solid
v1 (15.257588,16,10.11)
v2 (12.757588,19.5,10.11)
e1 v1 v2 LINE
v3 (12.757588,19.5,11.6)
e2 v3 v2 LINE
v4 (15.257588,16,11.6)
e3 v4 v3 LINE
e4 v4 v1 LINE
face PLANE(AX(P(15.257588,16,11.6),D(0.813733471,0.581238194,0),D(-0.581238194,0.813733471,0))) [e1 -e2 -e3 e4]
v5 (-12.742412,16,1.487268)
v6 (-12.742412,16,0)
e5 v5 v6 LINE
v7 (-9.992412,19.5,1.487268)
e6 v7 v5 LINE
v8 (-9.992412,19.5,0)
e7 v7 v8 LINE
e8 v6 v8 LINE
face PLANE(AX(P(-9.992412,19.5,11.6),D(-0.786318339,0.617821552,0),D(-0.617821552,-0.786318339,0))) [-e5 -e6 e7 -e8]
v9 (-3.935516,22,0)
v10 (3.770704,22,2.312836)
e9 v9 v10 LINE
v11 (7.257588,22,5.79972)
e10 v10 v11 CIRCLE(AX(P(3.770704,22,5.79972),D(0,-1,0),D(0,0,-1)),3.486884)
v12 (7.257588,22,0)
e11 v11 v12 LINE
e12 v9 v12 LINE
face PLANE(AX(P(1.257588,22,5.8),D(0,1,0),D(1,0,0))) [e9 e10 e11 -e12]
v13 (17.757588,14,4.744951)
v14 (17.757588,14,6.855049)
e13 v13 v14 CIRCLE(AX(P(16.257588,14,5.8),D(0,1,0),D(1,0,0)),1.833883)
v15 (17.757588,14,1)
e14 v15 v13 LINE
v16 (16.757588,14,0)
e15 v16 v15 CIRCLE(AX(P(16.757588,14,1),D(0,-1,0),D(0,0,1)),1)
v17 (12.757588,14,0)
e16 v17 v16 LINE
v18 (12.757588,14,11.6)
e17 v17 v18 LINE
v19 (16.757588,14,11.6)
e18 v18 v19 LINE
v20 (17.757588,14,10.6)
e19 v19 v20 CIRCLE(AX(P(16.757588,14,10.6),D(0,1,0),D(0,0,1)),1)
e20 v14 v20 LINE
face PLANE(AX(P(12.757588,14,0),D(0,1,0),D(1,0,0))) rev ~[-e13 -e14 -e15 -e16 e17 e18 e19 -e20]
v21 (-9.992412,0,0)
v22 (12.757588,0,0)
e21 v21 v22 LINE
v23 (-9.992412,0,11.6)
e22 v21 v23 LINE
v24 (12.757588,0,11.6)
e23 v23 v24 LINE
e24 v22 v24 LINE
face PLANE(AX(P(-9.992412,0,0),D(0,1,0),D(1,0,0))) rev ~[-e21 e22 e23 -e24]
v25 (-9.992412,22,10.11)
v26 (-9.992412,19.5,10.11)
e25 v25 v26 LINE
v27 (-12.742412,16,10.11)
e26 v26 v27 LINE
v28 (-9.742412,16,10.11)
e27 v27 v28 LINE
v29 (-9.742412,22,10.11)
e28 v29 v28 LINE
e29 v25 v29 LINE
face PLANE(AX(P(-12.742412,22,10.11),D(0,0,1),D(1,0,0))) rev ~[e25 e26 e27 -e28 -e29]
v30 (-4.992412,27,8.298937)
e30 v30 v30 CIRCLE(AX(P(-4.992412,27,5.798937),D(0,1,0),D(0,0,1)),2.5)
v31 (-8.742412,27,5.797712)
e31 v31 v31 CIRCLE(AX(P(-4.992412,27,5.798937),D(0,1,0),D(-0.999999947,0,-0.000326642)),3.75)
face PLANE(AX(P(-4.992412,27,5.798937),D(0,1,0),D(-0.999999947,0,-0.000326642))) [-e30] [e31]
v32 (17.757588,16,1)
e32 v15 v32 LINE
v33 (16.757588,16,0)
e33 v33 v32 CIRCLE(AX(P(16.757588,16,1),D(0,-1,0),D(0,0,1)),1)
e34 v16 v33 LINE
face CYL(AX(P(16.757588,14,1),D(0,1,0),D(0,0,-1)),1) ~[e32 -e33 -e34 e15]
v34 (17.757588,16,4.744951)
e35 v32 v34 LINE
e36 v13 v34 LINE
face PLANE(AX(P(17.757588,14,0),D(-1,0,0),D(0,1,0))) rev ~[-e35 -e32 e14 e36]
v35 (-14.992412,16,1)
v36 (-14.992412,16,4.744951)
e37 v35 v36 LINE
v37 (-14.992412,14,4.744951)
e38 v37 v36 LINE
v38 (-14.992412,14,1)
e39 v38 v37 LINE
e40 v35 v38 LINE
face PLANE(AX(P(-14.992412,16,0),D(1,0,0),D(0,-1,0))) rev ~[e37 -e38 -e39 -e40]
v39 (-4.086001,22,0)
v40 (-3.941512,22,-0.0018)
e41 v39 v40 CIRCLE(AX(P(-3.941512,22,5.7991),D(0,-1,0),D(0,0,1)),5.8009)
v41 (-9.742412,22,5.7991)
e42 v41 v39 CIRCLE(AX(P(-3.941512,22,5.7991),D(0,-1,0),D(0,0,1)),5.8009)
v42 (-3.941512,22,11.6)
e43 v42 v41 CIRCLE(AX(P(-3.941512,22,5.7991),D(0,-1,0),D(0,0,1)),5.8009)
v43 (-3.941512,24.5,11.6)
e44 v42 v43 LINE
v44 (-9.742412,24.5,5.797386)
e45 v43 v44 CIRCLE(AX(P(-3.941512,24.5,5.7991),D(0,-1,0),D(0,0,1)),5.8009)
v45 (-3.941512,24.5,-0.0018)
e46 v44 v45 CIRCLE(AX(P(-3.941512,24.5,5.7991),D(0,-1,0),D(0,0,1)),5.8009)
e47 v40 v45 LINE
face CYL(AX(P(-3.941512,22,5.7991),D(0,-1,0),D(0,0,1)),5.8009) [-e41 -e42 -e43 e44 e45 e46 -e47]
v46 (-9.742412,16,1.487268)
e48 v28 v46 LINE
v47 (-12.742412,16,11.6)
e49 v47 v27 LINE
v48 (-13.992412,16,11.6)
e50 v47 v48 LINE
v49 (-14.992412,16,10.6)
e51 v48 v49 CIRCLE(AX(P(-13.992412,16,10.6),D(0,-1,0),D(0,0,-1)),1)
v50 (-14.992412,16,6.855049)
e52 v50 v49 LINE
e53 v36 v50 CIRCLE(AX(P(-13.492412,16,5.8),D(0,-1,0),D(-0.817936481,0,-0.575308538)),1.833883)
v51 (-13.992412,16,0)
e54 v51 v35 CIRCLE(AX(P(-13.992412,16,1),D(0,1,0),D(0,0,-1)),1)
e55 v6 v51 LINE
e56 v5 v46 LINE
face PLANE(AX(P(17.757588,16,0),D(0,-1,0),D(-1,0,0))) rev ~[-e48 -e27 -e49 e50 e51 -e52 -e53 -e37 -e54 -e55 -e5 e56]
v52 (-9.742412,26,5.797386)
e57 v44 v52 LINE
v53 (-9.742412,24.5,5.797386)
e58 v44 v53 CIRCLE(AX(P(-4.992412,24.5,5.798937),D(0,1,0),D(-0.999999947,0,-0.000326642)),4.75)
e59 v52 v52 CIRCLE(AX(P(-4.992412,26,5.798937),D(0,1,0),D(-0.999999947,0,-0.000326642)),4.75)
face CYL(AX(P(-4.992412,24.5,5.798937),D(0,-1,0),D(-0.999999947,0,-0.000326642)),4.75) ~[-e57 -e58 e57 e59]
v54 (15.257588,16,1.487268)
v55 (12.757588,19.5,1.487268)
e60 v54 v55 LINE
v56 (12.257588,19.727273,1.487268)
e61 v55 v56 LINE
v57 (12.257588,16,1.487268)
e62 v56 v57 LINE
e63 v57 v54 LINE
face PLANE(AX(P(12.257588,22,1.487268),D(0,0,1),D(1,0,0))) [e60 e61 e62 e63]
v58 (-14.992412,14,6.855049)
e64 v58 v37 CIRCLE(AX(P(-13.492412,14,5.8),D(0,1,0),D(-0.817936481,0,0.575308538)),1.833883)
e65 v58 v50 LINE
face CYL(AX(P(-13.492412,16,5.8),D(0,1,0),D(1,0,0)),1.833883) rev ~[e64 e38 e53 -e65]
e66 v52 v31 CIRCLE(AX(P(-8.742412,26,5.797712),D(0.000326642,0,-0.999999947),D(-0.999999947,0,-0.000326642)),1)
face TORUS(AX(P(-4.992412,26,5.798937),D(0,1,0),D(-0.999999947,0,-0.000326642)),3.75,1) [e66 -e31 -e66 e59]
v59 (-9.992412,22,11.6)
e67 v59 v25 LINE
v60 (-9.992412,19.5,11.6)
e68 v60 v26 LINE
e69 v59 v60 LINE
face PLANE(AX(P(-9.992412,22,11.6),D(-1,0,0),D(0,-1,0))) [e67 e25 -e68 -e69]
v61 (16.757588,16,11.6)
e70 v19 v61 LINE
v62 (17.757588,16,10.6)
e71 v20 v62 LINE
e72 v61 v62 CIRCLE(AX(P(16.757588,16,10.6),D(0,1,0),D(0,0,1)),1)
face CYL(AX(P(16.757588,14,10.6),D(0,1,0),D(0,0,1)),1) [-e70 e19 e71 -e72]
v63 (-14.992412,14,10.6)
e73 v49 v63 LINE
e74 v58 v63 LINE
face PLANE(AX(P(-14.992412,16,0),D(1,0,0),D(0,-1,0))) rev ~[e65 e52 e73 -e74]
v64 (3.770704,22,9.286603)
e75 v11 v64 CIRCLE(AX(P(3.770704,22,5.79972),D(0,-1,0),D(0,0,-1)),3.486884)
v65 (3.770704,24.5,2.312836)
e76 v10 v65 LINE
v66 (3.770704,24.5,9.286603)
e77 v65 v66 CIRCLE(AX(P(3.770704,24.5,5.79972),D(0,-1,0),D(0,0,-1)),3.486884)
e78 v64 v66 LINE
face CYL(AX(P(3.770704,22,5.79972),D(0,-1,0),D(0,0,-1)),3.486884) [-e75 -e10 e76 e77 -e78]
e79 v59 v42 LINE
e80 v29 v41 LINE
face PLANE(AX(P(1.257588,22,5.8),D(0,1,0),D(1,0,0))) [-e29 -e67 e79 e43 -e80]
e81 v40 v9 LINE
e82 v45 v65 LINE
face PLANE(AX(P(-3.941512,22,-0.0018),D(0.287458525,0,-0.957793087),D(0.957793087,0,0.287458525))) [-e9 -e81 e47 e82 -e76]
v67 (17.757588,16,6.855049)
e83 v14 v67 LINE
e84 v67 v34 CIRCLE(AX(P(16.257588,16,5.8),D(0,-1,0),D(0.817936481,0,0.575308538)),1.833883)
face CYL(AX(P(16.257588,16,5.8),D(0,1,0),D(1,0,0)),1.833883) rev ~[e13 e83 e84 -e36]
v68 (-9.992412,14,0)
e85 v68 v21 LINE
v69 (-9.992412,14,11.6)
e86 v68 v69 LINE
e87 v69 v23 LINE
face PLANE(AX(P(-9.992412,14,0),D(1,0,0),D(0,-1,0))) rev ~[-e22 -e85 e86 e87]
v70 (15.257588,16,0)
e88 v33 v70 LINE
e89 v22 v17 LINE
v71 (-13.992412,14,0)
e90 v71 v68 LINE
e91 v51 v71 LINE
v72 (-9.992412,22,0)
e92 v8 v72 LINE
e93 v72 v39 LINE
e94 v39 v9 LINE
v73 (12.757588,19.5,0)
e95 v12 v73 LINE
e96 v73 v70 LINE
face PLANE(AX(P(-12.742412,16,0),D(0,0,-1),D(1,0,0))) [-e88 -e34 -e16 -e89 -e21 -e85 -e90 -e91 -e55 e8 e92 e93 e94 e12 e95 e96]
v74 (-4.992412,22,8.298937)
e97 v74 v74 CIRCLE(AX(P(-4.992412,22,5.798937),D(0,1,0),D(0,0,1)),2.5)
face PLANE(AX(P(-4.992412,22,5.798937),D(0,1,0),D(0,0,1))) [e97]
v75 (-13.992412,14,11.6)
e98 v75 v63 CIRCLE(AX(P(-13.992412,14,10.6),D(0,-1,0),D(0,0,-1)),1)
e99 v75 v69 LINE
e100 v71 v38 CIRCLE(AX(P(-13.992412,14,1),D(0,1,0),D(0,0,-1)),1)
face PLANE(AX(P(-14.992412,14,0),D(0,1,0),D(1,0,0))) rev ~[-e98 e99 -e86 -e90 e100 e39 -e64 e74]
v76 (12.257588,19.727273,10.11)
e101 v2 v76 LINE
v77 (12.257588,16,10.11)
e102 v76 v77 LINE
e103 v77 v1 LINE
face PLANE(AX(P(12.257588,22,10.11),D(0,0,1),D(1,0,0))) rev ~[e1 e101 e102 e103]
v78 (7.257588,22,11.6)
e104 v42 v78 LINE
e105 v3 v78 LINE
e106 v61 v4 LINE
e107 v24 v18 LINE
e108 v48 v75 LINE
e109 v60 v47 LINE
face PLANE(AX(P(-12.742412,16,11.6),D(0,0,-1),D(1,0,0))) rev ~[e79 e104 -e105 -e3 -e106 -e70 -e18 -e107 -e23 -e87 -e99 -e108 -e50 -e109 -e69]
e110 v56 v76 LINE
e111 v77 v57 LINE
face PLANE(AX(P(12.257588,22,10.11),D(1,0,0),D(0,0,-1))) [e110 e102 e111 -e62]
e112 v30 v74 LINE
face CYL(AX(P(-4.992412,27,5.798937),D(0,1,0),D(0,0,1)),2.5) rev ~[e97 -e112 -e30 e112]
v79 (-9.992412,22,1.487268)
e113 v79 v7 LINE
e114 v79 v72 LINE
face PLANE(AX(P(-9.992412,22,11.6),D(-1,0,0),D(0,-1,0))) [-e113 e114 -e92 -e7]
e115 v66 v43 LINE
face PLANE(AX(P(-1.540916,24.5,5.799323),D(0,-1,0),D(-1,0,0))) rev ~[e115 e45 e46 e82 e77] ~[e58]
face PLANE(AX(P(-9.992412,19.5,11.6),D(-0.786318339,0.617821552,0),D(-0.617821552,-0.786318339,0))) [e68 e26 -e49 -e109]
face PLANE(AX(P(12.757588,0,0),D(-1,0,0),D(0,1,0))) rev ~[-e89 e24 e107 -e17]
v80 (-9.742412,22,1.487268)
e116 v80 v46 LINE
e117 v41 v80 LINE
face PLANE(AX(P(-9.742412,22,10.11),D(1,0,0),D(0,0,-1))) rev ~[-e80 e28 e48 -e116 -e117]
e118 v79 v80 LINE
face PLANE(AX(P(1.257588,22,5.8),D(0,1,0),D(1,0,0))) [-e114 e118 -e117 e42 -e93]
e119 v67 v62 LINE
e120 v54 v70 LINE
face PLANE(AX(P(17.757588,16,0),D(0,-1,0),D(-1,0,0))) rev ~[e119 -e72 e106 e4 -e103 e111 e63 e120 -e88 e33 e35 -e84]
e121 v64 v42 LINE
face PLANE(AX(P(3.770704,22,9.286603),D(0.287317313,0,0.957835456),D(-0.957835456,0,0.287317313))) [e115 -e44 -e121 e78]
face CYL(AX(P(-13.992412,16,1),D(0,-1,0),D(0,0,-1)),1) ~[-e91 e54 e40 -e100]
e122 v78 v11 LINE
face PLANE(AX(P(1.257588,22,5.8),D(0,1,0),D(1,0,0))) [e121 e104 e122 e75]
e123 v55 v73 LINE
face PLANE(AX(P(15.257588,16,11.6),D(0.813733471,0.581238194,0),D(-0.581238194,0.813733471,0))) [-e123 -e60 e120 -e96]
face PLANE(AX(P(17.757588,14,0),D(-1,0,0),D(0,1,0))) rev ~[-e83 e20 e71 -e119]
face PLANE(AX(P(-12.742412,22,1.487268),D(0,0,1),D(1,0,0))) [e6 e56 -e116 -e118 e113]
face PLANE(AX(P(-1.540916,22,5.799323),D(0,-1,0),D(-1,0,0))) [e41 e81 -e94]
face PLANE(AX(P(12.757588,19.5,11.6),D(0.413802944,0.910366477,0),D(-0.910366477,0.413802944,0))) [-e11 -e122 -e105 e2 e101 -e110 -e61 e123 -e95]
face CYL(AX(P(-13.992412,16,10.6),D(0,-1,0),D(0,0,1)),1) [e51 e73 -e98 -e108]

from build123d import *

# Parameters (mm, degrees)
BOSS_EXTRUDE1_DEPTH = 11.6
SKETCH2_R           = 1.833883236
CUT_EXTRUDE1_DEPTH  = 11.6
SKETCH3_W           = 28
SKETCH3_H           = 11.6
BOSS_EXTRUDE2_DEPTH = 6
SKETCH4_W           = 3
SKETCH4_H           = 8.622731964
CUT_EXTRUDE2_DEPTH  = 6
CUT_EXTRUDE3_DEPTH  = 12
BOSS_EXTRUDE3_DEPTH = 2.5
SKETCH7_R           = 4.75
BOSS_EXTRUDE4_DEPTH = 2.5
SKETCH8_R           = 2.5
CUT_EXTRUDE4_DEPTH  = 5
FILLET1_R           = 1


with BuildPart() as part:
    # Sketch1 → Boss-Extrude1 (new body)
    with BuildSketch(Plane.XY):
        Polygon((-9.992412141, 0), (12.757587859, 0), (12.757587859, 14), (17.757587859, 14), (17.757587859, 16), (-14.992412141, 16), (-14.992412141, 14), (-9.992412141, 14), align=None)
    extrude(amount=BOSS_EXTRUDE1_DEPTH)

    # Sketch2 → Cut-Extrude1 (cut)
    with BuildSketch(Plane(origin=(0, 16, 0), x_dir=(1, 0, 0), z_dir=(0, 1, 0))):
        with Locations((-13.492412141, -5.8)):
            Circle(SKETCH2_R)
        with Locations((16.257587859, -5.8)):
            Circle(SKETCH2_R)
    extrude(amount=-CUT_EXTRUDE1_DEPTH, mode=Mode.SUBTRACT)

    # Sketch3 → Boss-Extrude2 (add)
    with BuildSketch(Plane(origin=(0, 16, 0), x_dir=(1, 0, 0), z_dir=(0, 1, 0))):
        with Locations((1.257587859, -5.8)):
            Rectangle(SKETCH3_W, SKETCH3_H)
    extrude(amount=BOSS_EXTRUDE2_DEPTH)

    # Sketch4 → Cut-Extrude2 (cut)
    with BuildSketch(Plane(origin=(0, 22, 0), x_dir=(1, 0, 0), z_dir=(0, 1, 0))):
        with Locations((-11.242412141, -5.798634018)):
            Rectangle(SKETCH4_W, SKETCH4_H)
        with Locations((13.757587859, -5.798634018)):
            Rectangle(SKETCH4_W, SKETCH4_H)
    extrude(amount=-CUT_EXTRUDE2_DEPTH, mode=Mode.SUBTRACT)

    # Sketch5 → Cut-Extrude3 (cut)
    with BuildSketch(Plane.XY.offset(11.6)):
        Polygon((-9.992412141, 22), (-9.992412141, 19.5), (-12.742412141, 16), (-12.742412141, 22), align=None)
        Polygon((15.257587859, 16), (12.757587859, 19.5), (7.257587859, 22), (15.257587859, 22), align=None)
    extrude(amount=-CUT_EXTRUDE3_DEPTH, mode=Mode.SUBTRACT)

    # Sketch6 → Boss-Extrude3 (add)
    with BuildSketch(Plane(origin=(0, 22, 0), x_dir=(1, 0, 0), z_dir=(0, 1, 0))):
        with BuildLine():
            Line((-3.941512272, 0.001799738), (3.770704356, -2.312836319))
            ThreePointArc((3.770704356, -2.312836319), (7.257587859, -5.799719822), (3.770704356, -9.286603326))
            Line((3.770704356, -9.286603326), (-3.941512272, -11.6))
            ThreePointArc((-3.941512272, -11.6), (-9.742412141, -5.799100131), (-3.941512272, 0.001799738))
        make_face()
    extrude(amount=BOSS_EXTRUDE3_DEPTH)

    # Sketch7 → Boss-Extrude4 (add)
    with BuildSketch(Plane(origin=(0, 24.5, 0), x_dir=(1, 0, 0), z_dir=(0, 1, 0))):
        with Locations(Location((-4.992412141, -5.798937404, 0), (0, 0, 179.98128479))):
            Circle(SKETCH7_R)
    extrude(amount=BOSS_EXTRUDE4_DEPTH)

    # Sketch8 → Cut-Extrude4 (cut)
    with BuildSketch(Plane(origin=(0, 27, 0), x_dir=(1, 0, 0), z_dir=(0, 1, 0))):
        with Locations(Location((-4.992412141, -5.798937404, 0), (0, 0, 270))):
            Circle(SKETCH8_R)
    extrude(amount=-CUT_EXTRUDE4_DEPTH, mode=Mode.SUBTRACT)

    # Fillet1
    fillet1_edges = [part.edges().sort_by_distance(p)[0] for p in [
        (17.757587859, 15, 11.6),
        (-0.242412394, 27, 5.800488954),
        (-14.992412141, 15, 11.6),
        (-14.992412141, 15, 0),
        (17.757587859, 15, 0),
    ]]
    fillet(fillet1_edges, radius=FILLET1_R)


solid = part.part
